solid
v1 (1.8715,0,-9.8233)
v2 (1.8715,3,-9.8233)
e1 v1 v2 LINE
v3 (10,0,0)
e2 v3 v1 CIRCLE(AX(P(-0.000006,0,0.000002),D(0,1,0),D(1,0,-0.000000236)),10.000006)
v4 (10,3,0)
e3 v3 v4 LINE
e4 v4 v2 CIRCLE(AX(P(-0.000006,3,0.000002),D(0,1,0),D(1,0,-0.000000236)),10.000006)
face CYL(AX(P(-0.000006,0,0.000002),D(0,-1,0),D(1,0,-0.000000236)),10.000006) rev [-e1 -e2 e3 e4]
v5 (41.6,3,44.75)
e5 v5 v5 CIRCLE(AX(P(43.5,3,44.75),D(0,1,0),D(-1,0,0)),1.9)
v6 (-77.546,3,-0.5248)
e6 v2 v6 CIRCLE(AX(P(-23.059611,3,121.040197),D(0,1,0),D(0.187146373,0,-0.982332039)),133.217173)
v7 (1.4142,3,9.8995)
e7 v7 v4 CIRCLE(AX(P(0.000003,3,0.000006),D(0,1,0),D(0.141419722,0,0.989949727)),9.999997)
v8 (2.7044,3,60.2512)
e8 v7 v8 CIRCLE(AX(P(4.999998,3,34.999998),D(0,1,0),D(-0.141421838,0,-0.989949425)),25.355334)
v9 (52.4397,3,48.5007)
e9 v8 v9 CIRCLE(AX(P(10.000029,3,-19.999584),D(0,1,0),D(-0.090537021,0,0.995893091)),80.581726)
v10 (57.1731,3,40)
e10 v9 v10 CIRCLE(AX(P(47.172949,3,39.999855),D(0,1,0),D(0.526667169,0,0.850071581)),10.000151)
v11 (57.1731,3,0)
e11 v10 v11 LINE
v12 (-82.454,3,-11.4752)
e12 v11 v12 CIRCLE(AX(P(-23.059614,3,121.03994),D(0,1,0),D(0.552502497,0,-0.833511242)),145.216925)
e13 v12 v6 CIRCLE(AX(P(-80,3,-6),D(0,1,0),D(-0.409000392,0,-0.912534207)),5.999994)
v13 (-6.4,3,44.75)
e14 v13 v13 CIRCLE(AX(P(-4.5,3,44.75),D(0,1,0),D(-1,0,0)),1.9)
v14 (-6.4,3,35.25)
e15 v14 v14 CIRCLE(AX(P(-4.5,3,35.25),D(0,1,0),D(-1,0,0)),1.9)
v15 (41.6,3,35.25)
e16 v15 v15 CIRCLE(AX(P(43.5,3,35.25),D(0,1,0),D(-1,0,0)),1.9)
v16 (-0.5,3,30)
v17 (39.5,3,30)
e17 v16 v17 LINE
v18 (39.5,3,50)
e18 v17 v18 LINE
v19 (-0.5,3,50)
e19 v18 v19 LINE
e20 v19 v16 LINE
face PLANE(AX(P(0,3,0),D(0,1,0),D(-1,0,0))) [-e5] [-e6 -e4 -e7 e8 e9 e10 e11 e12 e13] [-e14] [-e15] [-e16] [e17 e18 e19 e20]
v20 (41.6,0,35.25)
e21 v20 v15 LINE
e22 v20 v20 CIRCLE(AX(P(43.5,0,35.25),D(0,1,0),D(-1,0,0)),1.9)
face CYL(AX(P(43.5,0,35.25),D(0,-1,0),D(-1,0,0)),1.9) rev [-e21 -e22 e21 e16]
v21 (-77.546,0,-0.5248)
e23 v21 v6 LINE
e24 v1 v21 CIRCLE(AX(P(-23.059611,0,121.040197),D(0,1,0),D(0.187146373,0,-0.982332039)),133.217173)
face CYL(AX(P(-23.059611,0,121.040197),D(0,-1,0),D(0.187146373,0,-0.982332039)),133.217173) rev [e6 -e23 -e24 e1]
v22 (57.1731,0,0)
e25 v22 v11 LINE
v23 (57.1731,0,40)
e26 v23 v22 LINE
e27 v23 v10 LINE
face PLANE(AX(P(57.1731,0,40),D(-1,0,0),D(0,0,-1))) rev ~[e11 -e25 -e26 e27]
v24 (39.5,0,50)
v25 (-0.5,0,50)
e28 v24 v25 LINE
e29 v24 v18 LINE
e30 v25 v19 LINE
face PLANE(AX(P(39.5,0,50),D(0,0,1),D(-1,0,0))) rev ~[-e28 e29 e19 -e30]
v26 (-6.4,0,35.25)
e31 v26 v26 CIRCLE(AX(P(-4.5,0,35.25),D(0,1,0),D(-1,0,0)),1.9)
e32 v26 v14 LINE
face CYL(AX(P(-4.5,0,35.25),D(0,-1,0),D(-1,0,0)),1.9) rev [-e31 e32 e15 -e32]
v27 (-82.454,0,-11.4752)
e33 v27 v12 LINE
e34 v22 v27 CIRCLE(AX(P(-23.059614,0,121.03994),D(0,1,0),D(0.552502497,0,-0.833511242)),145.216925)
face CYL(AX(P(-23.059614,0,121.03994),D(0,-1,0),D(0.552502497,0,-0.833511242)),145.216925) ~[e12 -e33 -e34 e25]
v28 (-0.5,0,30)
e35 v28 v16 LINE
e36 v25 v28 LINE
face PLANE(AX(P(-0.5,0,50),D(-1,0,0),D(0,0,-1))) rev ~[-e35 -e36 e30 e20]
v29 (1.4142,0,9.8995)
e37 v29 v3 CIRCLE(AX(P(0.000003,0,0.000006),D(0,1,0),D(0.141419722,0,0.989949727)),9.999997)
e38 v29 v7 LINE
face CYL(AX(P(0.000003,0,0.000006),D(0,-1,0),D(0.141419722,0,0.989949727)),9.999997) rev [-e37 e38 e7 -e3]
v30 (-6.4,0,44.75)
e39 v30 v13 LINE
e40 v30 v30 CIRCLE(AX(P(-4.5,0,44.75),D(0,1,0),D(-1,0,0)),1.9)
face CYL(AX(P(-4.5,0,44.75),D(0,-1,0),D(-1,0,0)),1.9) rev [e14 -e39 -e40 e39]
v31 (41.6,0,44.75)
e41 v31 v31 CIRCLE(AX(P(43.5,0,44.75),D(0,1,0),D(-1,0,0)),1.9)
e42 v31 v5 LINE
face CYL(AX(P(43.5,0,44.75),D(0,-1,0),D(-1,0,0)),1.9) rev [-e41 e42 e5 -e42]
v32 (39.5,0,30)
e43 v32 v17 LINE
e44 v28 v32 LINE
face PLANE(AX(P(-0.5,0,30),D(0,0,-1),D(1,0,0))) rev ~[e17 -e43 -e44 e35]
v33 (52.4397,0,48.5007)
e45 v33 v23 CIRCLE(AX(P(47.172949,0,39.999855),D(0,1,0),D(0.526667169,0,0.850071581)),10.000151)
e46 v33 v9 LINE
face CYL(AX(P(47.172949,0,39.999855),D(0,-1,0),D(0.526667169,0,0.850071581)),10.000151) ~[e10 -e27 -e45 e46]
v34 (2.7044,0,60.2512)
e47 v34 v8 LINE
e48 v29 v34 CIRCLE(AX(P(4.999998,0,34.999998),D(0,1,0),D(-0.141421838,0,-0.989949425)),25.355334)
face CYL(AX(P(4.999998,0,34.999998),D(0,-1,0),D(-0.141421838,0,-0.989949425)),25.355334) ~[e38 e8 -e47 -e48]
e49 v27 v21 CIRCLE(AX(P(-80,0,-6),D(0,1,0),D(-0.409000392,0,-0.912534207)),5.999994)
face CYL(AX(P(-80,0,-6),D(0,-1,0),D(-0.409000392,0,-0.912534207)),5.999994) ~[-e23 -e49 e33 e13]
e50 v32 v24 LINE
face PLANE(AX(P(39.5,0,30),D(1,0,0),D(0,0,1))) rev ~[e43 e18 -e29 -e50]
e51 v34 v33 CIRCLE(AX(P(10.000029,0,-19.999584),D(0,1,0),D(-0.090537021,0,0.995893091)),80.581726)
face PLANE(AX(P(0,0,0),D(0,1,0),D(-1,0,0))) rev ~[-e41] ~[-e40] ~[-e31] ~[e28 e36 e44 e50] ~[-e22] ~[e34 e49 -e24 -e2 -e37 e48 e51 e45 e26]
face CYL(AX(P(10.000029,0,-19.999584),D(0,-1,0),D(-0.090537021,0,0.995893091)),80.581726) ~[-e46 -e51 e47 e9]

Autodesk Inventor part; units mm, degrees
ref_plane "YZ Plane" through (0, 0, 0) normal (1, 0, 0) x (0, 1, 0)
ref_plane "XZ Plane" through (0, 0, 0) normal (0, 1, 0) x (-1, 0, 0)
ref_plane "XY Plane" through (0, 0, 0) normal (0, 0, 1) x (1, 0, 0)
sketch "Sketch1" plane through (0, 0, 0) normal (0, 1, 0) x (-1, 0, 0)
  arc A0 (-1.4142, 9.8995) -> (-10, 0) centre (0, 0) ccw
  line L0 (-39.5, 50) -> (0.5, 50)
  line L1 (0.5, 50) -> (0.5, 30)
  line L2 (0.5, 30) -> (-39.5, 30)
  line L3 (-39.5, 30) -> (-39.5, 50)
  line L4 (-39.5, 50) -> (0.5, 30) construction
  line L5 (0.5, 50) -> (-39.5, 30) construction
  line L6 (-10, 40) -> (-19.5, 40) construction
  circle A1 centre (4.5, 35.25) radius 1.9
  circle A2 centre (4.5, 44.75) radius 1.9
  line L7 (4.5, 44.75) -> (4.5, 35.25) construction
  circle A3 centre (-43.5, 44.75) radius 1.9
  circle A4 centre (-43.5, 35.25) radius 1.9
  line L8 (-43.5, 44.75) -> (-43.5, 35.25) construction
  line L9 (-43.5, 40) -> (-19.5, 40) construction
  line L10 (-10, 40) -> (4.5, 40) construction
  line L11 (-43.5, 44.75) -> (4.5, 44.75) construction
  line L12 (-43.5, 35.25) -> (4.5, 35.25) construction
  line L13 (-19.5, 40) -> (-19.5, 44.75) construction
  circle A5 centre (-10, 40) radius 9.75 construction
  circle A6 centre (-29, 40) radius 9.75 construction
  arc A7 (-2.7044, 60.2512) -> (-52.4397, 48.5007) centre (-10, -20) ccw
  arc A8 (-1.4142, 9.8995) -> (-2.7044, 60.2512) centre (-5, 35) ccw
  line L14 (-57.1731, 40) -> (-57.1731, 0)
  line L15 (-57.1731, 0) -> (0, 0) construction
  arc A9 (-52.4397, 48.5007) -> (-57.1731, 40) centre (-47.1731, 40) ccw
  line L16 (0, 0) -> (10, 0) construction
  line L17 (-10, 0) -> (-57.1731, 0) construction
  arc A10 (-10, 0) -> (-1.4142, -9.8995) centre (0, 0) ccw
  arc A11 (-1.8715, -9.8233) -> (77.546, -0.5248) centre (23.0596, 121.0399) ccw
  arc A12 (82.454, -11.4752) -> (77.546, -0.5248) centre (80, -6) ccw
  arc A13 (-57.1731, 0) -> (82.454, -11.4752) centre (23.0596, 121.0399) ccw
  line L18 (0, 0) -> (100, 0) construction
  point P0 (-57.1731, 45.3313)
  point P1 (-5, -35)
  dimension "d0" = 20
  dimension "d1" = 40
  dimension "d2" = 20
  dimension "d3" = 10.5
  dimension "d4" = 48
  dimension "d5" = 3.8
  dimension "d6" = 9.5
  dimension "d7" = 19.5
  dimension "d8" = 10
  dimension "d9" = 40
  dimension "d11" = 10.5
  dimension "d12" = 35
  dimension "d13" = 5
  dimension "d16" = 10
  dimension "d17" = 20
  dimension "d18" = 10
  dimension "d19" = 40
  dimension "d47" = 12
  dimension "d48" = 100
  dimension "d49" = 80
extrude "Extrusion1" add sketch "Sketch1" along normal blind 3
sketch "Sketch2" plane through (0, 3, 0) normal (0, 1, 0) x (1, 0, 0)
  line L0 (10, -40) -> (-0.5, -40) construction
  line L1 (-0.5, -30) -> (-0.5, -50) construction
  line L2 (-0.5, -50) -> (-0.5, -30) construction
  line L3 (10, -40) -> (-9.2836, -62.9813) construction
  line L4 (15.1953, -18.2512) -> (-7.786, 1.0324) construction
  arc A0 (-85.8881, -98.7026) -> (-9.2836, -62.9813) centre (-85.8881, 1.2974) ccw construction
  line L5 (-9.2836, -62.9813) -> (-85.8881, 1.2974) construction
  line L6 (-85.8881, 1.2974) -> (-85.8881, -98.7026) construction
  line L7 (10, -40) -> (10, -30) construction
  line L8 (16.4279, -32.3396) -> (10, -40) construction
  arc A1 (16.4279, -32.3396) -> (15.1953, -18.2512) centre (8.7674, -25.9117) ccw construction
  line L9 (-0.5, -30) -> (39.5, -30) construction
  arc A2 (-85.8881, -93.7026) -> (-85.8881, -103.7026) centre (-85.8881, -98.7026) ccw
  arc A3 (-85.8881, -103.7026) -> (-5.4534, -66.1953) centre (-85.8881, 1.2974) ccw
  arc A4 (-85.8881, -93.7026) -> (-13.1139, -59.7674) centre (-85.8881, 1.2974) ccw
  line L10 (-9.2836, -62.9813) -> (-13.1139, -59.7674) construction
  line L11 (-9.2836, -62.9813) -> (-5.4534, -66.1953) construction
  line L12 (22.2395, -17.635) -> (-4.5721, 4.8626)
  arc A5 (-4.5721, 4.8626) -> (-11, -2.7978) centre (-7.786, 1.0324) ccw
  line L13 (8.1511, -18.8675) -> (-11, -2.7978)
  arc A6 (10.811, -22.3551) -> (8.1511, -18.8675) centre (1.7233, -26.528) ccw
  arc A7 (23.472, -31.7233) -> (22.2395, -17.635) centre (15.8116, -25.2954) ccw
  circle A8 centre (10, -40) radius 7 construction
  arc A9 (9.747, -50.9971) -> (20.7861, -37.8412) centre (10, -40) ccw
  arc A10 (7.4337, -29.3036) -> (-0.7861, -42.1588) centre (10, -40) ccw
  line L14 (-5.4534, -66.1953) -> (5.8018, -52.7818)
  line L15 (21.8586, -33.646) -> (23.472, -31.7233)
  line L16 (-13.1139, -59.7674) -> (-1.8586, -46.354)
  arc A11 (9.747, -50.9971) -> (5.8018, -52.7818) centre (9.632, -55.9958) ccw
  arc A12 (21.8586, -33.646) -> (20.7861, -37.8412) centre (25.6889, -36.86) ccw
  arc A13 (-1.8586, -46.354) -> (-0.7861, -42.1588) centre (-5.6889, -43.14) ccw
  arc A14 (7.4337, -29.3036) -> (10.811, -22.3551) centre (6.2671, -24.4415) ccw
  circle A15 centre (10, -40) radius 3
  point P0 (0, 0)
  point P1 (22.8558, -24.6791)
  point P2 (7.5322, -50.7196)
  point P3 (20.1282, -35.7083)
  dimension "d23" = 10.5
  dimension "d24" = 30
  dimension "d27" = 40
  dimension "d28" = 20
  dimension "d29" = 100
  dimension "d30" = 50
  dimension "d41" = 10
  dimension "d42" = 140
  dimension "d50" = 10
  dimension "d51" = 5
  dimension "d52" = 10
  dimension "d53" = 14
  dimension "d55" = 11
  dimension "d56" = 11
  dimension "d57" = 5
  dimension "d58" = 6
equation "\"d11\" = d3"
properties part number "wstepna_geometria_wersja_2"
